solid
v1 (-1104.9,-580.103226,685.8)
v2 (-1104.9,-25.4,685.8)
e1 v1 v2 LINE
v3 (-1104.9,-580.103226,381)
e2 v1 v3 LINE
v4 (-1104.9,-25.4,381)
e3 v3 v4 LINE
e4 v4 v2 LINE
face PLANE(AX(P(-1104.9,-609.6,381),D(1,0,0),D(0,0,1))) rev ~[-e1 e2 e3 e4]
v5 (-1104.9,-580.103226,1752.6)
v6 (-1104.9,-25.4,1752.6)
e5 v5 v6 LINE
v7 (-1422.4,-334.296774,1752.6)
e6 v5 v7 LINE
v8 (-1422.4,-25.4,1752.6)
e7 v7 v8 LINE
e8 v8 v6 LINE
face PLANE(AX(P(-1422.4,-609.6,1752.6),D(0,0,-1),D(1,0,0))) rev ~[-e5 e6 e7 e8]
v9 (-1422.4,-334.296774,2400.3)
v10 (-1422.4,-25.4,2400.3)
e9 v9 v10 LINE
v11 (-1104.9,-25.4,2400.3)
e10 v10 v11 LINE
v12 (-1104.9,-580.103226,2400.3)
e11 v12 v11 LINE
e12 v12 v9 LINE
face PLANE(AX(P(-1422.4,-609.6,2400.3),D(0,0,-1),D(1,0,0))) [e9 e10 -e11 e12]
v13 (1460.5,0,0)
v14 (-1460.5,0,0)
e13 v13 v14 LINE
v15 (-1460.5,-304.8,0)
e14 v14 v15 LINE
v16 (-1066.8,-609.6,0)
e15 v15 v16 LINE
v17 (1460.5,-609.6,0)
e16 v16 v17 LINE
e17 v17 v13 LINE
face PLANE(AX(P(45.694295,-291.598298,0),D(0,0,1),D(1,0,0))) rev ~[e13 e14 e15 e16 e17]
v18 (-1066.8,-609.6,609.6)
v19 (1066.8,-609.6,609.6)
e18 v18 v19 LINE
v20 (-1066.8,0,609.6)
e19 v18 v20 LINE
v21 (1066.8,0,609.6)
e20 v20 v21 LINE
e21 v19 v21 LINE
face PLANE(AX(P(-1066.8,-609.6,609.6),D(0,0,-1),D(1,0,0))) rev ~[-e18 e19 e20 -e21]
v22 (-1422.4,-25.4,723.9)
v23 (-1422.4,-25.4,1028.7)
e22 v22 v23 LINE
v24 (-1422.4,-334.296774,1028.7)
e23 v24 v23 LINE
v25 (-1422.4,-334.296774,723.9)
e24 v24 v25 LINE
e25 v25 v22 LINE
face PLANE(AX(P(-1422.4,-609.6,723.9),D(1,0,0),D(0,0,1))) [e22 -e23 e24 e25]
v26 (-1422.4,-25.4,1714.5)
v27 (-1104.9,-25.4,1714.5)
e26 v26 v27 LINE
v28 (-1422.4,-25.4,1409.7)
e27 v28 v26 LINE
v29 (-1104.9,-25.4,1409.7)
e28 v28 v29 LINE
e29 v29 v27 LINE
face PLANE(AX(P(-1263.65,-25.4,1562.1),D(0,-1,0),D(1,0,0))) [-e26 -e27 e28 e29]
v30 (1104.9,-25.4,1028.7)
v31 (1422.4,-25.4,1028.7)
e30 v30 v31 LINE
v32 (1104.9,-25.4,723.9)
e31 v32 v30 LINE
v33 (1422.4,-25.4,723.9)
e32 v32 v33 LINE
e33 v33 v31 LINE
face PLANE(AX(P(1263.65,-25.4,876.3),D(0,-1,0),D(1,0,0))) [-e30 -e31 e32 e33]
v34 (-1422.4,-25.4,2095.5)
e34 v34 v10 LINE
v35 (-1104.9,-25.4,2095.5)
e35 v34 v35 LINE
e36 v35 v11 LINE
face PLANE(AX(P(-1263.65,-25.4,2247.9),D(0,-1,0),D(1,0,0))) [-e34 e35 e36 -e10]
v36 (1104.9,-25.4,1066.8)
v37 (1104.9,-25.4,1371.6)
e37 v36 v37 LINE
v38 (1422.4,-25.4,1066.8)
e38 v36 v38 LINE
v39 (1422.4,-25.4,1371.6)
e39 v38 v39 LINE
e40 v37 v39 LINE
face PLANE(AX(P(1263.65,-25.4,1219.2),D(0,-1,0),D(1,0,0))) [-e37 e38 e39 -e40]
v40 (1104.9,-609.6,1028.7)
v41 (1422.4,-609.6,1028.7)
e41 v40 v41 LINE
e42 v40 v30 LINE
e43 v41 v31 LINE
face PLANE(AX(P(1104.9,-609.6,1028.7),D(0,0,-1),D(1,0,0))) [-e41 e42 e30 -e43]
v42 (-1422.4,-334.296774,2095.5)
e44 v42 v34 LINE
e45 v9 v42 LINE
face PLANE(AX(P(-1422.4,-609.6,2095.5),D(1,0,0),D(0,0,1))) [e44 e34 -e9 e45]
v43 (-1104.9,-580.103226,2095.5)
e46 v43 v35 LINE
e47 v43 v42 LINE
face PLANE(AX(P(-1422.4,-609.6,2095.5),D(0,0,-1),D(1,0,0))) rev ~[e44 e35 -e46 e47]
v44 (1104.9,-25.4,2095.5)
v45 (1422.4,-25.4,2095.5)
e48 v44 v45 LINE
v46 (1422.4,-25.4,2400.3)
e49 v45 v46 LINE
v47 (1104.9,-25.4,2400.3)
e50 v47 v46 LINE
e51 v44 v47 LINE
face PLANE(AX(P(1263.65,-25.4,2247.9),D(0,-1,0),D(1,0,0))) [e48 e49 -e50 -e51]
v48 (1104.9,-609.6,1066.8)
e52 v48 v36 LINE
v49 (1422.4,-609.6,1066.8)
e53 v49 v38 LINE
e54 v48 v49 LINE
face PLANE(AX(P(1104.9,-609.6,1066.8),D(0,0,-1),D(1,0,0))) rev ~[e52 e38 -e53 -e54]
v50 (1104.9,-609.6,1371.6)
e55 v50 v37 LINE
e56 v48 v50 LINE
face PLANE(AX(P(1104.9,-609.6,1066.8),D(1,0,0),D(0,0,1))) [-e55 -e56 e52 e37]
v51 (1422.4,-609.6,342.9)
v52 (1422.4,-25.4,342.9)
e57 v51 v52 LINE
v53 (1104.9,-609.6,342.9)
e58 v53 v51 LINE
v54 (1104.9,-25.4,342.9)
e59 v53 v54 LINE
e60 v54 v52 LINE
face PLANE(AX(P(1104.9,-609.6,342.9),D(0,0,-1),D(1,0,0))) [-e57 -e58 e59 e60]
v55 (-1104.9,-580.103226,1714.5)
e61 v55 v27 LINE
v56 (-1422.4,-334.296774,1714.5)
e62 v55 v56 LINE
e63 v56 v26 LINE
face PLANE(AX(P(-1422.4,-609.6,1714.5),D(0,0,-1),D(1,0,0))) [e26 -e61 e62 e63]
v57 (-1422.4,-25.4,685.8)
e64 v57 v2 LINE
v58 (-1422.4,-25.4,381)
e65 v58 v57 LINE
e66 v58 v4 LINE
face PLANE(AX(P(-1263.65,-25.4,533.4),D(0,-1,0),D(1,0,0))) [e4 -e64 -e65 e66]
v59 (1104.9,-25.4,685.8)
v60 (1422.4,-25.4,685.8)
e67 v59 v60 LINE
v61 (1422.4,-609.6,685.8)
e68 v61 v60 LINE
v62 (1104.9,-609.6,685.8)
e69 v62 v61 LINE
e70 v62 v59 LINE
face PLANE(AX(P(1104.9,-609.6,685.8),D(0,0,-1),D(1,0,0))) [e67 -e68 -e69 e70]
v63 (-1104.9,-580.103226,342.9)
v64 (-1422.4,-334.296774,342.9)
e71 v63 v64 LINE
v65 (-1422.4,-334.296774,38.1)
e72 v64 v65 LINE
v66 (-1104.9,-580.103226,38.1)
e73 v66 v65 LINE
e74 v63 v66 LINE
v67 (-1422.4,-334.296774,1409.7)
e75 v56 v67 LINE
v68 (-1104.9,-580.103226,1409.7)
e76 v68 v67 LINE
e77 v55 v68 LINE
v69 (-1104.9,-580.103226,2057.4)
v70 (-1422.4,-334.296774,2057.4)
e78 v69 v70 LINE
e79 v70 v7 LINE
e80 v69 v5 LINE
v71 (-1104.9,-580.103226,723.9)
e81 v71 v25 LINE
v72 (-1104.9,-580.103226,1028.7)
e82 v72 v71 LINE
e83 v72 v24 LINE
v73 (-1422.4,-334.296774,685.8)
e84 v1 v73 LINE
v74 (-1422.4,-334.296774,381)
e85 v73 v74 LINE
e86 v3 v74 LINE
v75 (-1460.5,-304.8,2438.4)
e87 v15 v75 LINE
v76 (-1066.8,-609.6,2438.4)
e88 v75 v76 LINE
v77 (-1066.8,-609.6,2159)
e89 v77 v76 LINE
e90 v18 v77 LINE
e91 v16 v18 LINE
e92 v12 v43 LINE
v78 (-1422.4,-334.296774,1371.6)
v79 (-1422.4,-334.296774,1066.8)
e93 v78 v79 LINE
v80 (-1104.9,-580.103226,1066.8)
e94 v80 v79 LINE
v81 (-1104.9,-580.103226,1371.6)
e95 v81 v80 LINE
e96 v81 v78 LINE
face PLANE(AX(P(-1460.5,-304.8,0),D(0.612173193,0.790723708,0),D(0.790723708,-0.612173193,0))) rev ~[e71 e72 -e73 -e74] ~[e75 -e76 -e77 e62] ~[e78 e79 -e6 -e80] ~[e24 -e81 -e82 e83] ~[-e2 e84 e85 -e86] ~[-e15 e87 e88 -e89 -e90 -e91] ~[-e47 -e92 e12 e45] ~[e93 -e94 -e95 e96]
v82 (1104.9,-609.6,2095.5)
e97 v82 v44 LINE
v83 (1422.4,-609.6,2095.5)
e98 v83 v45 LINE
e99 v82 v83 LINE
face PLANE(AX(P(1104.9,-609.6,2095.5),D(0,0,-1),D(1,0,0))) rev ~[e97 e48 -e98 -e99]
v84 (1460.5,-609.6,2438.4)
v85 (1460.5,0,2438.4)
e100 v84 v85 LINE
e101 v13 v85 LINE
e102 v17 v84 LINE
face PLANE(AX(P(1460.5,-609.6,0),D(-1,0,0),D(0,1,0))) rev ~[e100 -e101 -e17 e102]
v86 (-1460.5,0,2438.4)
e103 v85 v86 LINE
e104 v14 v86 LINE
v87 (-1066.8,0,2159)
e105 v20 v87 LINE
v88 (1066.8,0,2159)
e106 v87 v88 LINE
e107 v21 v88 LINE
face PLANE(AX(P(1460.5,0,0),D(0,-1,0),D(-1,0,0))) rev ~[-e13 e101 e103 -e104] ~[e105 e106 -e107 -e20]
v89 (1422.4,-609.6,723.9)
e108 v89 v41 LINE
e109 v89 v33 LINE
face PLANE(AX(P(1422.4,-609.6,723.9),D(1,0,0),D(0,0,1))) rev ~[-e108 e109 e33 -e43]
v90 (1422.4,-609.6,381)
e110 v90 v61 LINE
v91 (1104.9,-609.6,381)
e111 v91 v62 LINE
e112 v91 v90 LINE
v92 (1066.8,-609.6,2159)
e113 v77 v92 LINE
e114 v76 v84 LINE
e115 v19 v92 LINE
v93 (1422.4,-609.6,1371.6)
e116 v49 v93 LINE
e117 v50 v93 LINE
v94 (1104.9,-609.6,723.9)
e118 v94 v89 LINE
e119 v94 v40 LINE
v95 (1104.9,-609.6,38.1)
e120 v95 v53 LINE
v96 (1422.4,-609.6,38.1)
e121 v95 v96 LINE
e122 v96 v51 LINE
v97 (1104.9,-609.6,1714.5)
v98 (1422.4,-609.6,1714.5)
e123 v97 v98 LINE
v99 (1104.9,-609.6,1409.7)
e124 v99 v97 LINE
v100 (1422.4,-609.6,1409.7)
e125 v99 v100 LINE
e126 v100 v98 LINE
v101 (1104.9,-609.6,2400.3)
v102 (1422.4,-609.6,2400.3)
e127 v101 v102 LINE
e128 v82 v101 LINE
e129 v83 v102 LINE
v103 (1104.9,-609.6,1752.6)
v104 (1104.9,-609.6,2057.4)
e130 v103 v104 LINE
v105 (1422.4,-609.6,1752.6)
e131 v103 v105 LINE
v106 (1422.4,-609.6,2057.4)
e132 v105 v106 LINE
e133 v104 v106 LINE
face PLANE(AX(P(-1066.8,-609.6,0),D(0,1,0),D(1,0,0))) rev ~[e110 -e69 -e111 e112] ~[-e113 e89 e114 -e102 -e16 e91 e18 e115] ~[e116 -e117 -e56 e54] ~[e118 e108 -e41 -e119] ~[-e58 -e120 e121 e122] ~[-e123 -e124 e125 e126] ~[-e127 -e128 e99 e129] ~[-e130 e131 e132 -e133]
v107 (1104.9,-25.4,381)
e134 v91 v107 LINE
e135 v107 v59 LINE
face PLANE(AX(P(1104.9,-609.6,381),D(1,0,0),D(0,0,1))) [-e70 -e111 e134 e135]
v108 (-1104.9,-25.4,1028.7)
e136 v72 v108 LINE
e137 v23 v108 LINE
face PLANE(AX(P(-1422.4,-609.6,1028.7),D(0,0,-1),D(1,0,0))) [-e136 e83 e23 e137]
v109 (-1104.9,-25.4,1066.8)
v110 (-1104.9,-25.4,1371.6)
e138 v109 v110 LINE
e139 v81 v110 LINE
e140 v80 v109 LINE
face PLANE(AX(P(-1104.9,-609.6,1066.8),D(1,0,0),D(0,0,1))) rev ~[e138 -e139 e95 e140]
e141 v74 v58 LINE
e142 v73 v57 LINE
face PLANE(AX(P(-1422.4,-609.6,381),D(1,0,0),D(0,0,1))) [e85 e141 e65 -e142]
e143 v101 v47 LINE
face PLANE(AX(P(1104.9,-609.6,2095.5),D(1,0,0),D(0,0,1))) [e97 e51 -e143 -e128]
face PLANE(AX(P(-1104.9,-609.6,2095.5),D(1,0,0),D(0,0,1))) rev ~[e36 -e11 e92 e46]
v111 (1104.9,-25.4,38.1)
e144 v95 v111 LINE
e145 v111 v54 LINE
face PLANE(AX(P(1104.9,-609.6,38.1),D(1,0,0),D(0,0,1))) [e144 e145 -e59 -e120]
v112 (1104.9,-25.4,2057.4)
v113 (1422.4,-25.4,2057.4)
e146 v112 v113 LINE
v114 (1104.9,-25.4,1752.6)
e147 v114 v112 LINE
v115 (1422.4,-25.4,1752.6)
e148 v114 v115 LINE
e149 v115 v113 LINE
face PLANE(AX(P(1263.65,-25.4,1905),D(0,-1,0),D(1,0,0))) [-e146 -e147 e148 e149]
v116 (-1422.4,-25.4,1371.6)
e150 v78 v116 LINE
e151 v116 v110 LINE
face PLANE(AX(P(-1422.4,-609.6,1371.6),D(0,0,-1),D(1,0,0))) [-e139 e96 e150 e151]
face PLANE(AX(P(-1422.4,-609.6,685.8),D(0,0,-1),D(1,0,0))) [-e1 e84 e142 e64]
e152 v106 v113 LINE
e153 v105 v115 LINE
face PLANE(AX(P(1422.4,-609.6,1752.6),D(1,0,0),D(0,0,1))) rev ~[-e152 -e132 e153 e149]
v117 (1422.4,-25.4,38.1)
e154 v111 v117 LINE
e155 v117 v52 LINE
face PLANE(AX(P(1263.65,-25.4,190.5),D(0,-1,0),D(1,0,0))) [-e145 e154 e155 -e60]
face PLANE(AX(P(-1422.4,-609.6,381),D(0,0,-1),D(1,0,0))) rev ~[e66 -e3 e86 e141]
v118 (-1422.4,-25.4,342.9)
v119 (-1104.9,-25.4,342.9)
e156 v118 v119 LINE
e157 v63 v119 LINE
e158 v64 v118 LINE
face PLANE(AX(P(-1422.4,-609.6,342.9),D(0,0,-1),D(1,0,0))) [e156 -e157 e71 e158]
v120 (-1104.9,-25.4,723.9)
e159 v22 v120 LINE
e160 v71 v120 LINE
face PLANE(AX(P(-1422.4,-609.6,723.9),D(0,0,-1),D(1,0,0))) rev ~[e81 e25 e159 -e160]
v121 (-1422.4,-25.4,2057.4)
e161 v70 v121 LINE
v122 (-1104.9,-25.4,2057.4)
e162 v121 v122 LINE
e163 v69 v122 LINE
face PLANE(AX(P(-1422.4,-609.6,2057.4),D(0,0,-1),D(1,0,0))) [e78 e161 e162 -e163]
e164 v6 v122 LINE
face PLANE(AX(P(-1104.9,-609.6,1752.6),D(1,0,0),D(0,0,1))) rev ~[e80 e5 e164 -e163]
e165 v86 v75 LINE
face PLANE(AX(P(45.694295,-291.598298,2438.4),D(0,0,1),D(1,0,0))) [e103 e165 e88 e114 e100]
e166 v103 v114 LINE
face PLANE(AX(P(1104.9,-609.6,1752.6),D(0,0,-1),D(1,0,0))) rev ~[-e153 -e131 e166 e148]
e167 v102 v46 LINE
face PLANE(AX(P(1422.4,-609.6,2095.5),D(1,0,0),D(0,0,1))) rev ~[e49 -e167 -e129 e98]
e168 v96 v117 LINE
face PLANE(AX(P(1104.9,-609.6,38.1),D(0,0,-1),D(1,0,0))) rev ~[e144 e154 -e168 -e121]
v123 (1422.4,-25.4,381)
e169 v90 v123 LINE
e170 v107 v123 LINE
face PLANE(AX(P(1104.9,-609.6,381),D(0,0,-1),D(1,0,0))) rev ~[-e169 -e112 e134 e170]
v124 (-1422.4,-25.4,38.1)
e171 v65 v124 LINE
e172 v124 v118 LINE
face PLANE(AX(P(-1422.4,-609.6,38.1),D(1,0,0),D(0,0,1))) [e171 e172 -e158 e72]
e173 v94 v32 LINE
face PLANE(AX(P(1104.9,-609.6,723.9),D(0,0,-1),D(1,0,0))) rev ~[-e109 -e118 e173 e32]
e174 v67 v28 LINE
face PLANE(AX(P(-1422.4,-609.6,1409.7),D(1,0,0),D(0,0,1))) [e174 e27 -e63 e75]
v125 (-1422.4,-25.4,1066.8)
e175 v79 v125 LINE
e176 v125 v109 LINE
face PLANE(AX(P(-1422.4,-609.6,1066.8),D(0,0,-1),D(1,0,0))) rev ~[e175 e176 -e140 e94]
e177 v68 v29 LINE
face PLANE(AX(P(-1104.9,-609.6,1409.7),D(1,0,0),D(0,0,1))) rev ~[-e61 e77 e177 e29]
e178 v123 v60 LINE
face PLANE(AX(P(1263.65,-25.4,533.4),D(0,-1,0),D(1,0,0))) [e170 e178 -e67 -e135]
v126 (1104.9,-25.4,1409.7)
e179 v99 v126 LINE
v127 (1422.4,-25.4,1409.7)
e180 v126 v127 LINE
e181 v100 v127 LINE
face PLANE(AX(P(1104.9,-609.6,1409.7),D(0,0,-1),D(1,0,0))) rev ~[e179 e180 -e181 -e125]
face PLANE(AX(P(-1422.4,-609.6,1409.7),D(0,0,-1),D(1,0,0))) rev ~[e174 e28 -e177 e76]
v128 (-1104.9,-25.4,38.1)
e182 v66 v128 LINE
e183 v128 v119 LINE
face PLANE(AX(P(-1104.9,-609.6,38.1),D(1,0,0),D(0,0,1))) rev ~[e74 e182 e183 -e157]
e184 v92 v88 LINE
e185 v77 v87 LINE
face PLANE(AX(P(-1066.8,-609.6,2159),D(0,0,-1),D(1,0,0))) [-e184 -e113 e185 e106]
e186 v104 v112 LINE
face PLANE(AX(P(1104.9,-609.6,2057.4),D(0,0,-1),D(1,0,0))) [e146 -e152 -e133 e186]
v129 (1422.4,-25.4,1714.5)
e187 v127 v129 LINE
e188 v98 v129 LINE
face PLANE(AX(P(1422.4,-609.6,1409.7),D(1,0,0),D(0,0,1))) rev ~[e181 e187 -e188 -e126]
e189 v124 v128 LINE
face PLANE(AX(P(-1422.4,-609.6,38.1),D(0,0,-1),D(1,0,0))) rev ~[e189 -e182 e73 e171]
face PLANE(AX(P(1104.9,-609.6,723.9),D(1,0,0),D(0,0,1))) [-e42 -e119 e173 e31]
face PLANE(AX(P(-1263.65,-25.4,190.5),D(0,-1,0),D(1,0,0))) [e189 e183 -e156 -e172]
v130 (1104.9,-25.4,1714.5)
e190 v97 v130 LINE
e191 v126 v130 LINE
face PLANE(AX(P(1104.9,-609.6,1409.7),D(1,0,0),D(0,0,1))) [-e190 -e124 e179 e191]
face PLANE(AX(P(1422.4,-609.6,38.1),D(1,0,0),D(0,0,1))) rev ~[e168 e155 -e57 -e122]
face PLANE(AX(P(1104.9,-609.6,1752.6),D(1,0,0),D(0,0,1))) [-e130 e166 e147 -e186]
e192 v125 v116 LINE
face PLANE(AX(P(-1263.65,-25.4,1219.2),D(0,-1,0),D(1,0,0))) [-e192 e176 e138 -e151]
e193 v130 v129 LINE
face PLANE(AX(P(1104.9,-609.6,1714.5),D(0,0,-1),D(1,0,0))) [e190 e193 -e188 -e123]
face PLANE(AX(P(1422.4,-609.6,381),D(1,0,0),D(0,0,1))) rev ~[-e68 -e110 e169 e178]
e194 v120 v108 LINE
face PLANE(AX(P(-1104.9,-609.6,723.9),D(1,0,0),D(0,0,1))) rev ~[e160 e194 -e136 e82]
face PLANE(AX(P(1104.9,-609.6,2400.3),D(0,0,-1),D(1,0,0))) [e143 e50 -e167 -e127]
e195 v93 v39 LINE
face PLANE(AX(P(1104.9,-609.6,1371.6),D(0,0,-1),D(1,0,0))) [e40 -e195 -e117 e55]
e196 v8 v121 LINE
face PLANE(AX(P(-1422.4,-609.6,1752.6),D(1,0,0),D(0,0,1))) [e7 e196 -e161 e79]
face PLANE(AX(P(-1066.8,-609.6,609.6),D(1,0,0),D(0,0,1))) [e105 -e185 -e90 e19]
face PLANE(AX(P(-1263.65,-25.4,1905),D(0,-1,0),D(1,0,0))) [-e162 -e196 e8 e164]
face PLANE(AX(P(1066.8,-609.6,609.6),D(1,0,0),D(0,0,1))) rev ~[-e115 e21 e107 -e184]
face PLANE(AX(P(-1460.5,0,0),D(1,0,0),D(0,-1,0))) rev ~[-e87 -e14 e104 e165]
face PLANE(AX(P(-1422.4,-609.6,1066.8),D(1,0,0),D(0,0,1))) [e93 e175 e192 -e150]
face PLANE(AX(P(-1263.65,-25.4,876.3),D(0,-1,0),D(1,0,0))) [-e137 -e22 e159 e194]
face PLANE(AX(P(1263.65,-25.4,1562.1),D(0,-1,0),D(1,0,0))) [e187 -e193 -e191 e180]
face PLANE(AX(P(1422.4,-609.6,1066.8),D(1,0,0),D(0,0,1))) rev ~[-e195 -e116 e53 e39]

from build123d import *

# Parameters (mm, degrees)
F1_DEPTH = 2438.4
F2_W     = 2133.6
F2_H     = 1549.4
F3_DEPTH = 609.6
F4_W     = 317.5
F4_H     = 304.8
F5_DEPTH = 584.2


with BuildPart() as f1:
    # F0 (on Top) → F1 (new body)
    with BuildSketch(Plane.XY):
        Polygon((1460.5, 0), (-1460.5, 0), (-1460.5, -304.8), (-1066.8, -609.6), (0, -609.6), (1460.5, -609.6), (1460.5, -304.8), align=None)
    extrude(amount=F1_DEPTH)

    # F2 (on face) → F3 (cut)
    with BuildSketch(Plane.XZ.offset(609.6)):
        with Locations((0, 1384.3)):
            Rectangle(F2_W, F2_H)
    extrude(amount=-F3_DEPTH, mode=Mode.SUBTRACT)

    # F4 (on face) → F5 (cut)
    with BuildSketch(Plane.XZ.offset(609.6)):
        with Locations((1263.65, 190.5)):
            Rectangle(F4_W, F4_H)
        with Locations((1263.65, 876.3)):
            Rectangle(F4_W, F4_H)
        with Locations((1263.65, 533.4)):
            Rectangle(F4_W, F4_H)
        with Locations((1263.65, 1219.2)):
            Rectangle(F4_W, F4_H)
        with Locations((1263.65, 1562.1)):
            Rectangle(F4_W, F4_H)
        with Locations((1263.65, 1905)):
            Rectangle(F4_W, F4_H)
        with Locations((1263.65, 2247.9)):
            Rectangle(F4_W, F4_H)
        with Locations((-1263.65, 2247.9)):
            Rectangle(F4_W, F4_H)
        with Locations((-1263.65, 533.4)):
            Rectangle(F4_W, F4_H)
        with Locations((-1263.65, 1905)):
            Rectangle(F4_W, F4_H)
        with Locations((-1263.65, 190.5)):
            Rectangle(F4_W, F4_H)
        with Locations((-1263.65, 876.3)):
            Rectangle(F4_W, F4_H)
        with Locations((-1263.65, 1562.1)):
            Rectangle(F4_W, F4_H)
        with Locations((-1263.65, 1219.2)):
            Rectangle(F4_W, F4_H)
    extrude(amount=-F5_DEPTH, mode=Mode.SUBTRACT)


solid = f1.part
